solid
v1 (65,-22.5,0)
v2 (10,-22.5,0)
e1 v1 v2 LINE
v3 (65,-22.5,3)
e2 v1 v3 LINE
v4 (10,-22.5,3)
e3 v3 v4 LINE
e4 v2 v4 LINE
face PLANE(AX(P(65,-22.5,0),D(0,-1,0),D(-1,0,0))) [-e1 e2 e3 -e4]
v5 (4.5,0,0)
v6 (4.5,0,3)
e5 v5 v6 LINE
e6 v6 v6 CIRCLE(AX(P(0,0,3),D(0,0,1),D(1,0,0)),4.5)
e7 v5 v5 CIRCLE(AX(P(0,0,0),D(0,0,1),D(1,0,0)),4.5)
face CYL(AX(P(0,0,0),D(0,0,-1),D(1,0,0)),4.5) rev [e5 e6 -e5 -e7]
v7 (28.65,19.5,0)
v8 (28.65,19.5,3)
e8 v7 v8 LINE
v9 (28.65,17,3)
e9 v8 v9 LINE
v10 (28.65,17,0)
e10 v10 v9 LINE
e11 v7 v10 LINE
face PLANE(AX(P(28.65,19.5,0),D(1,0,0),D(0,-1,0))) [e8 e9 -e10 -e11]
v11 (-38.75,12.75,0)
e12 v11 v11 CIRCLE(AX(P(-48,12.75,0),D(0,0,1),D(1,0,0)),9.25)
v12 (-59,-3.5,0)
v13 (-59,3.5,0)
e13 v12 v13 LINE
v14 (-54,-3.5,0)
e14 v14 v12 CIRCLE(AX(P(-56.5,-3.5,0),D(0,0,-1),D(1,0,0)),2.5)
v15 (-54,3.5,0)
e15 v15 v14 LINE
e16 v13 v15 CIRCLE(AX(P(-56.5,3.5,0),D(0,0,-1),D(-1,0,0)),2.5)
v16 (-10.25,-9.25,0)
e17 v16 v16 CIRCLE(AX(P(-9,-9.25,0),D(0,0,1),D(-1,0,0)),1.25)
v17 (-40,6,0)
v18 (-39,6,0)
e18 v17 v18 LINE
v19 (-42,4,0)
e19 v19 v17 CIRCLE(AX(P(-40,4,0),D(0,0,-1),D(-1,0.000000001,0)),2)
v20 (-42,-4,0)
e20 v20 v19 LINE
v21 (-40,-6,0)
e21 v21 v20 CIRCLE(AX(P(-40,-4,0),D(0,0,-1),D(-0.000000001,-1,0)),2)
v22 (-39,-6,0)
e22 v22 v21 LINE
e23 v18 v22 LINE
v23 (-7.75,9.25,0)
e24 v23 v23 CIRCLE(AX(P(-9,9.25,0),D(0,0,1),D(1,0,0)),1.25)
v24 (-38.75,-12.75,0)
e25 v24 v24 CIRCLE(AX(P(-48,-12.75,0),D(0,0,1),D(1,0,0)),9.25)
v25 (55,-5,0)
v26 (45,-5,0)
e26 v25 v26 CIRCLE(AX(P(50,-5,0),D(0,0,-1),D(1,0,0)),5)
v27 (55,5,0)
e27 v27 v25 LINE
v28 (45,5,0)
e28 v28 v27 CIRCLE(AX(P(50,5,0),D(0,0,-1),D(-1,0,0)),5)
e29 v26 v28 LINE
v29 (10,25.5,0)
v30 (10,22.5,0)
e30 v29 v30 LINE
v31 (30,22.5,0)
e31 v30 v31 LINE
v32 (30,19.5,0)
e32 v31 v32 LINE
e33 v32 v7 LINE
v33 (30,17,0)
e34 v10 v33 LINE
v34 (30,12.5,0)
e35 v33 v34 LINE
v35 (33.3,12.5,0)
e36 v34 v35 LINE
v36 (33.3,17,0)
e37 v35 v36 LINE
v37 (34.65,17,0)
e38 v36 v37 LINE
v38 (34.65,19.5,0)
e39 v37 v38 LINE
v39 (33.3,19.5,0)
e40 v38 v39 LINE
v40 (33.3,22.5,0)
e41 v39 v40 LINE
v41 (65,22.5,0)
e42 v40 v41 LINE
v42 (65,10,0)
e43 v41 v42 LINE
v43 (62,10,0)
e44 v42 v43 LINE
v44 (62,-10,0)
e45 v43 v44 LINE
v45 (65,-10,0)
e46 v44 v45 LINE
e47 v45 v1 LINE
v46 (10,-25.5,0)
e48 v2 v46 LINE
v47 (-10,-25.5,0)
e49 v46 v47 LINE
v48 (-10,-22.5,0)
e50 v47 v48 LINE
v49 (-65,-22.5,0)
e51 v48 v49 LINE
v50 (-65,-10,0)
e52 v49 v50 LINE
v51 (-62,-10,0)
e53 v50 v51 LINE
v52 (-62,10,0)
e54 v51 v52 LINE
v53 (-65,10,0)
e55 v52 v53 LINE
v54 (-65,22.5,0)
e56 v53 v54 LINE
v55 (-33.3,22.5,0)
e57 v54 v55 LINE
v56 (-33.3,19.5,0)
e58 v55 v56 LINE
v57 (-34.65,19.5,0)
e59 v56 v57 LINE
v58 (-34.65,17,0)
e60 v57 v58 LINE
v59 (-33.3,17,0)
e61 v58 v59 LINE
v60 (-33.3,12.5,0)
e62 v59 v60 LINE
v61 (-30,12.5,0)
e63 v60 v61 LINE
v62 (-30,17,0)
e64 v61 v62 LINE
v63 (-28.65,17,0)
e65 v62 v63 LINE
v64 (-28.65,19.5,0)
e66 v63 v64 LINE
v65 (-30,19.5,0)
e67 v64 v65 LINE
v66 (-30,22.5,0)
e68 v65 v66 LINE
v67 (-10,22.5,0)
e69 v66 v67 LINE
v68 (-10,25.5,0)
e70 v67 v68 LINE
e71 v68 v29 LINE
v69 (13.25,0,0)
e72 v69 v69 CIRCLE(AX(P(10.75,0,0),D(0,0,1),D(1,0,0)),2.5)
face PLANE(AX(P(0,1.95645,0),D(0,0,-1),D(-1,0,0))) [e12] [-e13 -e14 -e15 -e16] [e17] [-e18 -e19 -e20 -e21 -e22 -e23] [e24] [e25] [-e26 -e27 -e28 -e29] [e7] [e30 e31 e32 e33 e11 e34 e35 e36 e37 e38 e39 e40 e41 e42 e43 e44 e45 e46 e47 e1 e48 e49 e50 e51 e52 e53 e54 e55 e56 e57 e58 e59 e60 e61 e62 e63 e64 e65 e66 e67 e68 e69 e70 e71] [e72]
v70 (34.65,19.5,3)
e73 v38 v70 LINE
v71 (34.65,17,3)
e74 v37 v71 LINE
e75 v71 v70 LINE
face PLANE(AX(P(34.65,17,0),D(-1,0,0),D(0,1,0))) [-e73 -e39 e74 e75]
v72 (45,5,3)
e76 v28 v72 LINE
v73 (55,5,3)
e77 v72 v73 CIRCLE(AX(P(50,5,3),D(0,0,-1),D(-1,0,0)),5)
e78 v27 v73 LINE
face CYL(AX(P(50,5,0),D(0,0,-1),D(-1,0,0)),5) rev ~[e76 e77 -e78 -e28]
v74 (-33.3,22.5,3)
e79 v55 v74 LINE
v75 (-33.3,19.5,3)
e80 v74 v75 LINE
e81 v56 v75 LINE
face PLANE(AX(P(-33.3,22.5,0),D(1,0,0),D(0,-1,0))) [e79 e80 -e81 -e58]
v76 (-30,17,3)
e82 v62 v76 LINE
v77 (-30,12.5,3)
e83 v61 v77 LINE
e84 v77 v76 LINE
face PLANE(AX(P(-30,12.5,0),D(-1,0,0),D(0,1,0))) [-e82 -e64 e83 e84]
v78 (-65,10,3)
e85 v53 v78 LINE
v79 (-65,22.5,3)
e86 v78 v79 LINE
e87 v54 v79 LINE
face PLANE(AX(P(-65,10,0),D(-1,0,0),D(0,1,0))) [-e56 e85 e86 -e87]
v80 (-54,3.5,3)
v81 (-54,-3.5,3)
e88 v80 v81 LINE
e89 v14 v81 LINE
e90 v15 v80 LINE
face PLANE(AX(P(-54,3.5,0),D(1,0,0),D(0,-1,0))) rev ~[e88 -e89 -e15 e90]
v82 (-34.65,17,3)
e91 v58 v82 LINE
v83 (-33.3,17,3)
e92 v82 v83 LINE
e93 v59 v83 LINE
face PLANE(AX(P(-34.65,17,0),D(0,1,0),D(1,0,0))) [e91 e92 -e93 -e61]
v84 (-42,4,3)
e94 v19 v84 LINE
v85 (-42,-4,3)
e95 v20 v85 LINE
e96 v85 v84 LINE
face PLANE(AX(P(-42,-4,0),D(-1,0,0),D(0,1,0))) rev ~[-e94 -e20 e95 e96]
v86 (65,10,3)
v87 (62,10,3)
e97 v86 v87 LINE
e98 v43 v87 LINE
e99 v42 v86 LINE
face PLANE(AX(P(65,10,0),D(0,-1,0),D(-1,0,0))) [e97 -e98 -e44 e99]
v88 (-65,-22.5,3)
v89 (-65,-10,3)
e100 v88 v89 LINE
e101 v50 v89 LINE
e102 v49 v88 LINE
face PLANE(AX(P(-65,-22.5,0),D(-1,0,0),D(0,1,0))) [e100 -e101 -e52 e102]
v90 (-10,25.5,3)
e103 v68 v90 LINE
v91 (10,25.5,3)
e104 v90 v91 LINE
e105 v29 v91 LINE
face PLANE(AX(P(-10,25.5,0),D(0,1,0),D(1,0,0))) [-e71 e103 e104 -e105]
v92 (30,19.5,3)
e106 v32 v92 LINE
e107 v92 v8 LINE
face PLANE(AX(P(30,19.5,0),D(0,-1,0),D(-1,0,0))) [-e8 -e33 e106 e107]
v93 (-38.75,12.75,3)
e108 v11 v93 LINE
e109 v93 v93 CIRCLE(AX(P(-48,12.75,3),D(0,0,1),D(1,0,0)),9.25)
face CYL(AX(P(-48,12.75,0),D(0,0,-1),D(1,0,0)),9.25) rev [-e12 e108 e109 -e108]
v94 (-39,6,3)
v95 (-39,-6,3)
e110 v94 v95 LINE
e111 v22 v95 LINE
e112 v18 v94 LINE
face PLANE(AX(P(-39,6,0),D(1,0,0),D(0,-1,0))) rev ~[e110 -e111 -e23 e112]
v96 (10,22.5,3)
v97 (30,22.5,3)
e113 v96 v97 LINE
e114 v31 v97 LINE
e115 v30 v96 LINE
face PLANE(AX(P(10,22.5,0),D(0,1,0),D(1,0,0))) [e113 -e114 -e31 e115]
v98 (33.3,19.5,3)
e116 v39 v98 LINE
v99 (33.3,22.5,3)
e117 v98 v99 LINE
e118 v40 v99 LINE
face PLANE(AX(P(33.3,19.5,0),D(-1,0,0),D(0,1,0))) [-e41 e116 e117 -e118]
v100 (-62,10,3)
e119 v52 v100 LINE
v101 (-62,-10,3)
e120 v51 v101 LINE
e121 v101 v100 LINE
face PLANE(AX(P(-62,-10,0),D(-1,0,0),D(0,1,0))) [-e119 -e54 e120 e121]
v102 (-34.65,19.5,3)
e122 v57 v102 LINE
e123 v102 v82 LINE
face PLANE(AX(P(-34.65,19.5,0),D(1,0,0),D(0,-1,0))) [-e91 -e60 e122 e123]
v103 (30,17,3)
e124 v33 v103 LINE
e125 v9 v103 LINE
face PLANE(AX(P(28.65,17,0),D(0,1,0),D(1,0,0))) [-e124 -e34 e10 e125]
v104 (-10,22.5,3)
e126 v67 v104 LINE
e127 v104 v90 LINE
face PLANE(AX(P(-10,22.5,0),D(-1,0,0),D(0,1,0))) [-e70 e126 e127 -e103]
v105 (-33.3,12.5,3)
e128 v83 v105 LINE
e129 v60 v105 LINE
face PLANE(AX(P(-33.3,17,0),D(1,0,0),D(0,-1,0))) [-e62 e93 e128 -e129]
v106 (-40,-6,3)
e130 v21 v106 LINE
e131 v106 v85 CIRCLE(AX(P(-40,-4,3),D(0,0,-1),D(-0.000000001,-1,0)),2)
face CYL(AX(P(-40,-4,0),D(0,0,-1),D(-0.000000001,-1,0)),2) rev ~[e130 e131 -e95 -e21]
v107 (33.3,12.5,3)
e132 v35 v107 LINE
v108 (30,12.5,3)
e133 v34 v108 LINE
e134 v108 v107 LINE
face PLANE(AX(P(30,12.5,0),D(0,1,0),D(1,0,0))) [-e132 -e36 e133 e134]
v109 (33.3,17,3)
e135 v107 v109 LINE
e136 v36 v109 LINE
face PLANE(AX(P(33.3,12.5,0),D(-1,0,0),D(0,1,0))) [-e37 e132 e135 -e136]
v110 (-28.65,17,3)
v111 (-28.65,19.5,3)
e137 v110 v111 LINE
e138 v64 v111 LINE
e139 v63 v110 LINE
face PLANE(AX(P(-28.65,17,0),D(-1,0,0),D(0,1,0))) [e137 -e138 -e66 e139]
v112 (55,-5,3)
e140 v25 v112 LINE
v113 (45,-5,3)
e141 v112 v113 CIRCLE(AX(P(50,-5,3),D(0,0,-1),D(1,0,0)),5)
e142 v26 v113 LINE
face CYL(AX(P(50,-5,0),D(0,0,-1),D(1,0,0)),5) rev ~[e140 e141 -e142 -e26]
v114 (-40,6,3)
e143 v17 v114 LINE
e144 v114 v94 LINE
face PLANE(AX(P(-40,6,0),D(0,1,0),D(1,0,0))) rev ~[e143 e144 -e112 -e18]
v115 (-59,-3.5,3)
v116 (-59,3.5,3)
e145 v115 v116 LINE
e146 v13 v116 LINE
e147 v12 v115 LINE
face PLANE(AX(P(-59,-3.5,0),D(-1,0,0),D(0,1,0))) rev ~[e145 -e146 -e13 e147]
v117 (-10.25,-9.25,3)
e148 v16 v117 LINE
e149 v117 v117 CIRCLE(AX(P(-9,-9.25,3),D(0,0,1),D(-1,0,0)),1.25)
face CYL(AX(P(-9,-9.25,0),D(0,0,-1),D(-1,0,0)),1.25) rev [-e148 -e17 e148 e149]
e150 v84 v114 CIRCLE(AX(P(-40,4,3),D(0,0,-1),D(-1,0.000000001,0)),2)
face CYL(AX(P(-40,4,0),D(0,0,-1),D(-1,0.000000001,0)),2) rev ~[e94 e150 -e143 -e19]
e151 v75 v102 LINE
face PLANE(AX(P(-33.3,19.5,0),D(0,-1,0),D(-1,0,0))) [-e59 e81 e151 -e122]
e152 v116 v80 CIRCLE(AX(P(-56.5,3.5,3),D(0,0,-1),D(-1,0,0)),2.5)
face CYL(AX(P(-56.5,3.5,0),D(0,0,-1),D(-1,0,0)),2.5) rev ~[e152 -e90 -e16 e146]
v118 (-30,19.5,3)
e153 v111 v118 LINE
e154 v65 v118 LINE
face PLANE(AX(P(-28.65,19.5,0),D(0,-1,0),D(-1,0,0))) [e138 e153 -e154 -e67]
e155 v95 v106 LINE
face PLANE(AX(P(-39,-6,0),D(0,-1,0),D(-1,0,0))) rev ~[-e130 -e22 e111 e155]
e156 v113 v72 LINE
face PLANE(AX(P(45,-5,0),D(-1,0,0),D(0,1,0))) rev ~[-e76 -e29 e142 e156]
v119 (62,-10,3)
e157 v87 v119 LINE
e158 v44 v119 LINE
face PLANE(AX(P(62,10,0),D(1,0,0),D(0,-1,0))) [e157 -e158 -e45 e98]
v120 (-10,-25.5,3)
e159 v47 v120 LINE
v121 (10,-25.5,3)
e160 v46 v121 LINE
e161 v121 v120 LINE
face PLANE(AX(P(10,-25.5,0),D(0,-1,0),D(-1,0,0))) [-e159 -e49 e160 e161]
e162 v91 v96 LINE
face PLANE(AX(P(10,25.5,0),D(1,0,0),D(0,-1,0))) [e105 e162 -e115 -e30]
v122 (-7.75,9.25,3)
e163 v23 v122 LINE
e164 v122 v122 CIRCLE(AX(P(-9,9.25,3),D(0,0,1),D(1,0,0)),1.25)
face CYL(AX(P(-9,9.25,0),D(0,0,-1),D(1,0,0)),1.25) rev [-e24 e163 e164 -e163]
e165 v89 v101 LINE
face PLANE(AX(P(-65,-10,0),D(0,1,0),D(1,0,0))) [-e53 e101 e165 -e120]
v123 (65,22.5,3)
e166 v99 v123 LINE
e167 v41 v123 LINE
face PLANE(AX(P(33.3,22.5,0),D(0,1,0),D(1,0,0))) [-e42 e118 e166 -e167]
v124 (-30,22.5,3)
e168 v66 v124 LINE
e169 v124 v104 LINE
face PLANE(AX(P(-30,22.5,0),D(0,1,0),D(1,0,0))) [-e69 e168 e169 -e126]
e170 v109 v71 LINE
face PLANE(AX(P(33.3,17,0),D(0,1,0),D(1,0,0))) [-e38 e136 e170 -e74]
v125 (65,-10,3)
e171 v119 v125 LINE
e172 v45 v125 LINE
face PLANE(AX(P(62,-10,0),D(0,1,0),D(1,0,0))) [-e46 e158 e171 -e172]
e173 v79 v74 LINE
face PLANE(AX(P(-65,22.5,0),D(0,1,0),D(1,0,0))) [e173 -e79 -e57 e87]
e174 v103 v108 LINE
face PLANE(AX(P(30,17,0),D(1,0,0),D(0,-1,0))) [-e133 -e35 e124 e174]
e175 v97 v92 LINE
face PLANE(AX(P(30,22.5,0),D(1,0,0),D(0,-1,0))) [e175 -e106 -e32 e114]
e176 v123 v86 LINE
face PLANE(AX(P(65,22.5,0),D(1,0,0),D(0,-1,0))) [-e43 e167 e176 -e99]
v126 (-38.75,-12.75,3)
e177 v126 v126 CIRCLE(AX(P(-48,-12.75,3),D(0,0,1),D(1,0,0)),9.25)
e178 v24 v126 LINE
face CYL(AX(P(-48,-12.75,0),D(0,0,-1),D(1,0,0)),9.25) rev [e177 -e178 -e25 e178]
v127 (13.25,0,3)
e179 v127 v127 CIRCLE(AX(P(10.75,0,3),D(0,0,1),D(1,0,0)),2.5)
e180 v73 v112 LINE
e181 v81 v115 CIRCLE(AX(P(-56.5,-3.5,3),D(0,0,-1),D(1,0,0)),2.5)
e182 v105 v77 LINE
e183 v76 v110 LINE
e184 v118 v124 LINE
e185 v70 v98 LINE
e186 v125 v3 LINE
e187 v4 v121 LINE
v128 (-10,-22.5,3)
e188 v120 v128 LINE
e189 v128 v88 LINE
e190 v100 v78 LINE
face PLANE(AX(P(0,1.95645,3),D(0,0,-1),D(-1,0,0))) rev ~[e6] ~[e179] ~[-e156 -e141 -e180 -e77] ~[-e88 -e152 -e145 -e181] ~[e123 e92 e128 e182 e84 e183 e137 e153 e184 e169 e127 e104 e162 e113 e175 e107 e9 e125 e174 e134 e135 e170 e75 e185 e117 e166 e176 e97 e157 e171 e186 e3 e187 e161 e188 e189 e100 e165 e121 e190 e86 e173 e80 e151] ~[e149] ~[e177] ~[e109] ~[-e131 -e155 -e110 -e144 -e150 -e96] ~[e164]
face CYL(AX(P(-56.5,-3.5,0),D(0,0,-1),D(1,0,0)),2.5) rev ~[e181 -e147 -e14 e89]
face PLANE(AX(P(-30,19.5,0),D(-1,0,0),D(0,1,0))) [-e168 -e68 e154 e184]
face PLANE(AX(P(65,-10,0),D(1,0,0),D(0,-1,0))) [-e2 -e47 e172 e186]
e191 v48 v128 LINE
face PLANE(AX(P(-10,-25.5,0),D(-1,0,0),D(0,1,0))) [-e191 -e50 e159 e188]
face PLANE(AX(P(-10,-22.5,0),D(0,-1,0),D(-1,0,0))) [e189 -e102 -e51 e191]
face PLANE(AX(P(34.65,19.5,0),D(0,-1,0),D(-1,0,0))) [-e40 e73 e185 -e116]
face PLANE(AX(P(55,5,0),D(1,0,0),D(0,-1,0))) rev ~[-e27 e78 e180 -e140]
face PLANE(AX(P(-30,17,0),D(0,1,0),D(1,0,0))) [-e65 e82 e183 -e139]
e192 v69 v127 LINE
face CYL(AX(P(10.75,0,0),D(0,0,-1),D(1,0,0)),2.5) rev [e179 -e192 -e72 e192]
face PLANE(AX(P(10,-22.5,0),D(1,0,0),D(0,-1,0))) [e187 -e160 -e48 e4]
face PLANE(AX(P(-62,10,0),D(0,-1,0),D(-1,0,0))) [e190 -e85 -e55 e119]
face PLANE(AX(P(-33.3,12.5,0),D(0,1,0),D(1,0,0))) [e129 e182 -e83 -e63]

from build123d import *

# Parameters (mm, degrees)
SKETCH1_R           = 9.25
SKETCH1_R_2         = 4.5
SKETCH1_R_3         = 2.5
SKETCH1_R_4         = 1.25
BOSS_EXTRUDE1_DEPTH = 3


with BuildPart() as part:
    # Sketch1 → Boss-Extrude1 (new body)
    with BuildSketch(Plane.XY):
        Polygon((-10, -22.5), (-65, -22.5), (-65, -10), (-62, -10), (-62, 10), (-65, 10), (-65, 22.5), (-33.3, 22.5), (-33.3, 19.5), (-34.65, 19.5), (-34.65, 17), (-33.3, 17), (-33.3, 12.5), (-30, 12.5), (-30, 17), (-28.65, 17), (-28.65, 19.5), (-30, 19.5), (-30, 22.5), (-10, 22.5), (-10, 25.5), (10, 25.5), (10, 22.5), (30, 22.5), (30, 19.5), (28.65, 19.5), (28.65, 17), (30, 17), (30, 12.5), (33.3, 12.5), (33.3, 17), (34.65, 17), (34.65, 19.5), (33.3, 19.5), (33.3, 22.5), (65, 22.5), (65, 10), (62, 10), (62, -10), (65, -10), (65, -22.5), (10, -22.5), (10, -25.5), (-10, -25.5), align=None)
        with Locations((-48, 12.75)):
            Circle(SKETCH1_R, mode=Mode.SUBTRACT)
        with Locations((-48, -12.75)):
            Circle(SKETCH1_R, mode=Mode.SUBTRACT)
        Circle(SKETCH1_R_2, mode=Mode.SUBTRACT)
        with Locations((10.75, 0)):
            Circle(SKETCH1_R_3, mode=Mode.SUBTRACT)
        with Locations((-9, 9.25)):
            Circle(SKETCH1_R_4, mode=Mode.SUBTRACT)
        with Locations(Location((-9, -9.25, 0), (0, 0, 180))):
            Circle(SKETCH1_R_4, mode=Mode.SUBTRACT)
        with BuildLine():
            Line((-54, 3.5), (-54, -3.5))
            ThreePointArc((-54, -3.5), (-56.5, -6), (-59, -3.5))
            Line((-59, -3.5), (-59, 3.5))
            ThreePointArc((-59, 3.5), (-56.5, 6), (-54, 3.5))
        make_face(mode=Mode.SUBTRACT)
        with BuildLine():
            Line((-39, -6), (-40, -6))
            ThreePointArc((-40, -6), (-41.414213562, -5.414213562), (-42, -4))
            Line((-42, -4), (-42, 4))
            ThreePointArc((-42, 4), (-41.414213562, 5.414213562), (-40, 6))
            Line((-40, 6), (-39, 6))
            Line((-39, 6), (-39, -6))
        make_face(mode=Mode.SUBTRACT)
        with BuildLine():
            Line((45, -5), (45, 5))
            ThreePointArc((45, 5), (50, 10), (55, 5))
            Line((55, 5), (55, -5))
            ThreePointArc((55, -5), (50, -10), (45, -5))
        make_face(mode=Mode.SUBTRACT)
    extrude(amount=BOSS_EXTRUDE1_DEPTH)


solid = part.part
